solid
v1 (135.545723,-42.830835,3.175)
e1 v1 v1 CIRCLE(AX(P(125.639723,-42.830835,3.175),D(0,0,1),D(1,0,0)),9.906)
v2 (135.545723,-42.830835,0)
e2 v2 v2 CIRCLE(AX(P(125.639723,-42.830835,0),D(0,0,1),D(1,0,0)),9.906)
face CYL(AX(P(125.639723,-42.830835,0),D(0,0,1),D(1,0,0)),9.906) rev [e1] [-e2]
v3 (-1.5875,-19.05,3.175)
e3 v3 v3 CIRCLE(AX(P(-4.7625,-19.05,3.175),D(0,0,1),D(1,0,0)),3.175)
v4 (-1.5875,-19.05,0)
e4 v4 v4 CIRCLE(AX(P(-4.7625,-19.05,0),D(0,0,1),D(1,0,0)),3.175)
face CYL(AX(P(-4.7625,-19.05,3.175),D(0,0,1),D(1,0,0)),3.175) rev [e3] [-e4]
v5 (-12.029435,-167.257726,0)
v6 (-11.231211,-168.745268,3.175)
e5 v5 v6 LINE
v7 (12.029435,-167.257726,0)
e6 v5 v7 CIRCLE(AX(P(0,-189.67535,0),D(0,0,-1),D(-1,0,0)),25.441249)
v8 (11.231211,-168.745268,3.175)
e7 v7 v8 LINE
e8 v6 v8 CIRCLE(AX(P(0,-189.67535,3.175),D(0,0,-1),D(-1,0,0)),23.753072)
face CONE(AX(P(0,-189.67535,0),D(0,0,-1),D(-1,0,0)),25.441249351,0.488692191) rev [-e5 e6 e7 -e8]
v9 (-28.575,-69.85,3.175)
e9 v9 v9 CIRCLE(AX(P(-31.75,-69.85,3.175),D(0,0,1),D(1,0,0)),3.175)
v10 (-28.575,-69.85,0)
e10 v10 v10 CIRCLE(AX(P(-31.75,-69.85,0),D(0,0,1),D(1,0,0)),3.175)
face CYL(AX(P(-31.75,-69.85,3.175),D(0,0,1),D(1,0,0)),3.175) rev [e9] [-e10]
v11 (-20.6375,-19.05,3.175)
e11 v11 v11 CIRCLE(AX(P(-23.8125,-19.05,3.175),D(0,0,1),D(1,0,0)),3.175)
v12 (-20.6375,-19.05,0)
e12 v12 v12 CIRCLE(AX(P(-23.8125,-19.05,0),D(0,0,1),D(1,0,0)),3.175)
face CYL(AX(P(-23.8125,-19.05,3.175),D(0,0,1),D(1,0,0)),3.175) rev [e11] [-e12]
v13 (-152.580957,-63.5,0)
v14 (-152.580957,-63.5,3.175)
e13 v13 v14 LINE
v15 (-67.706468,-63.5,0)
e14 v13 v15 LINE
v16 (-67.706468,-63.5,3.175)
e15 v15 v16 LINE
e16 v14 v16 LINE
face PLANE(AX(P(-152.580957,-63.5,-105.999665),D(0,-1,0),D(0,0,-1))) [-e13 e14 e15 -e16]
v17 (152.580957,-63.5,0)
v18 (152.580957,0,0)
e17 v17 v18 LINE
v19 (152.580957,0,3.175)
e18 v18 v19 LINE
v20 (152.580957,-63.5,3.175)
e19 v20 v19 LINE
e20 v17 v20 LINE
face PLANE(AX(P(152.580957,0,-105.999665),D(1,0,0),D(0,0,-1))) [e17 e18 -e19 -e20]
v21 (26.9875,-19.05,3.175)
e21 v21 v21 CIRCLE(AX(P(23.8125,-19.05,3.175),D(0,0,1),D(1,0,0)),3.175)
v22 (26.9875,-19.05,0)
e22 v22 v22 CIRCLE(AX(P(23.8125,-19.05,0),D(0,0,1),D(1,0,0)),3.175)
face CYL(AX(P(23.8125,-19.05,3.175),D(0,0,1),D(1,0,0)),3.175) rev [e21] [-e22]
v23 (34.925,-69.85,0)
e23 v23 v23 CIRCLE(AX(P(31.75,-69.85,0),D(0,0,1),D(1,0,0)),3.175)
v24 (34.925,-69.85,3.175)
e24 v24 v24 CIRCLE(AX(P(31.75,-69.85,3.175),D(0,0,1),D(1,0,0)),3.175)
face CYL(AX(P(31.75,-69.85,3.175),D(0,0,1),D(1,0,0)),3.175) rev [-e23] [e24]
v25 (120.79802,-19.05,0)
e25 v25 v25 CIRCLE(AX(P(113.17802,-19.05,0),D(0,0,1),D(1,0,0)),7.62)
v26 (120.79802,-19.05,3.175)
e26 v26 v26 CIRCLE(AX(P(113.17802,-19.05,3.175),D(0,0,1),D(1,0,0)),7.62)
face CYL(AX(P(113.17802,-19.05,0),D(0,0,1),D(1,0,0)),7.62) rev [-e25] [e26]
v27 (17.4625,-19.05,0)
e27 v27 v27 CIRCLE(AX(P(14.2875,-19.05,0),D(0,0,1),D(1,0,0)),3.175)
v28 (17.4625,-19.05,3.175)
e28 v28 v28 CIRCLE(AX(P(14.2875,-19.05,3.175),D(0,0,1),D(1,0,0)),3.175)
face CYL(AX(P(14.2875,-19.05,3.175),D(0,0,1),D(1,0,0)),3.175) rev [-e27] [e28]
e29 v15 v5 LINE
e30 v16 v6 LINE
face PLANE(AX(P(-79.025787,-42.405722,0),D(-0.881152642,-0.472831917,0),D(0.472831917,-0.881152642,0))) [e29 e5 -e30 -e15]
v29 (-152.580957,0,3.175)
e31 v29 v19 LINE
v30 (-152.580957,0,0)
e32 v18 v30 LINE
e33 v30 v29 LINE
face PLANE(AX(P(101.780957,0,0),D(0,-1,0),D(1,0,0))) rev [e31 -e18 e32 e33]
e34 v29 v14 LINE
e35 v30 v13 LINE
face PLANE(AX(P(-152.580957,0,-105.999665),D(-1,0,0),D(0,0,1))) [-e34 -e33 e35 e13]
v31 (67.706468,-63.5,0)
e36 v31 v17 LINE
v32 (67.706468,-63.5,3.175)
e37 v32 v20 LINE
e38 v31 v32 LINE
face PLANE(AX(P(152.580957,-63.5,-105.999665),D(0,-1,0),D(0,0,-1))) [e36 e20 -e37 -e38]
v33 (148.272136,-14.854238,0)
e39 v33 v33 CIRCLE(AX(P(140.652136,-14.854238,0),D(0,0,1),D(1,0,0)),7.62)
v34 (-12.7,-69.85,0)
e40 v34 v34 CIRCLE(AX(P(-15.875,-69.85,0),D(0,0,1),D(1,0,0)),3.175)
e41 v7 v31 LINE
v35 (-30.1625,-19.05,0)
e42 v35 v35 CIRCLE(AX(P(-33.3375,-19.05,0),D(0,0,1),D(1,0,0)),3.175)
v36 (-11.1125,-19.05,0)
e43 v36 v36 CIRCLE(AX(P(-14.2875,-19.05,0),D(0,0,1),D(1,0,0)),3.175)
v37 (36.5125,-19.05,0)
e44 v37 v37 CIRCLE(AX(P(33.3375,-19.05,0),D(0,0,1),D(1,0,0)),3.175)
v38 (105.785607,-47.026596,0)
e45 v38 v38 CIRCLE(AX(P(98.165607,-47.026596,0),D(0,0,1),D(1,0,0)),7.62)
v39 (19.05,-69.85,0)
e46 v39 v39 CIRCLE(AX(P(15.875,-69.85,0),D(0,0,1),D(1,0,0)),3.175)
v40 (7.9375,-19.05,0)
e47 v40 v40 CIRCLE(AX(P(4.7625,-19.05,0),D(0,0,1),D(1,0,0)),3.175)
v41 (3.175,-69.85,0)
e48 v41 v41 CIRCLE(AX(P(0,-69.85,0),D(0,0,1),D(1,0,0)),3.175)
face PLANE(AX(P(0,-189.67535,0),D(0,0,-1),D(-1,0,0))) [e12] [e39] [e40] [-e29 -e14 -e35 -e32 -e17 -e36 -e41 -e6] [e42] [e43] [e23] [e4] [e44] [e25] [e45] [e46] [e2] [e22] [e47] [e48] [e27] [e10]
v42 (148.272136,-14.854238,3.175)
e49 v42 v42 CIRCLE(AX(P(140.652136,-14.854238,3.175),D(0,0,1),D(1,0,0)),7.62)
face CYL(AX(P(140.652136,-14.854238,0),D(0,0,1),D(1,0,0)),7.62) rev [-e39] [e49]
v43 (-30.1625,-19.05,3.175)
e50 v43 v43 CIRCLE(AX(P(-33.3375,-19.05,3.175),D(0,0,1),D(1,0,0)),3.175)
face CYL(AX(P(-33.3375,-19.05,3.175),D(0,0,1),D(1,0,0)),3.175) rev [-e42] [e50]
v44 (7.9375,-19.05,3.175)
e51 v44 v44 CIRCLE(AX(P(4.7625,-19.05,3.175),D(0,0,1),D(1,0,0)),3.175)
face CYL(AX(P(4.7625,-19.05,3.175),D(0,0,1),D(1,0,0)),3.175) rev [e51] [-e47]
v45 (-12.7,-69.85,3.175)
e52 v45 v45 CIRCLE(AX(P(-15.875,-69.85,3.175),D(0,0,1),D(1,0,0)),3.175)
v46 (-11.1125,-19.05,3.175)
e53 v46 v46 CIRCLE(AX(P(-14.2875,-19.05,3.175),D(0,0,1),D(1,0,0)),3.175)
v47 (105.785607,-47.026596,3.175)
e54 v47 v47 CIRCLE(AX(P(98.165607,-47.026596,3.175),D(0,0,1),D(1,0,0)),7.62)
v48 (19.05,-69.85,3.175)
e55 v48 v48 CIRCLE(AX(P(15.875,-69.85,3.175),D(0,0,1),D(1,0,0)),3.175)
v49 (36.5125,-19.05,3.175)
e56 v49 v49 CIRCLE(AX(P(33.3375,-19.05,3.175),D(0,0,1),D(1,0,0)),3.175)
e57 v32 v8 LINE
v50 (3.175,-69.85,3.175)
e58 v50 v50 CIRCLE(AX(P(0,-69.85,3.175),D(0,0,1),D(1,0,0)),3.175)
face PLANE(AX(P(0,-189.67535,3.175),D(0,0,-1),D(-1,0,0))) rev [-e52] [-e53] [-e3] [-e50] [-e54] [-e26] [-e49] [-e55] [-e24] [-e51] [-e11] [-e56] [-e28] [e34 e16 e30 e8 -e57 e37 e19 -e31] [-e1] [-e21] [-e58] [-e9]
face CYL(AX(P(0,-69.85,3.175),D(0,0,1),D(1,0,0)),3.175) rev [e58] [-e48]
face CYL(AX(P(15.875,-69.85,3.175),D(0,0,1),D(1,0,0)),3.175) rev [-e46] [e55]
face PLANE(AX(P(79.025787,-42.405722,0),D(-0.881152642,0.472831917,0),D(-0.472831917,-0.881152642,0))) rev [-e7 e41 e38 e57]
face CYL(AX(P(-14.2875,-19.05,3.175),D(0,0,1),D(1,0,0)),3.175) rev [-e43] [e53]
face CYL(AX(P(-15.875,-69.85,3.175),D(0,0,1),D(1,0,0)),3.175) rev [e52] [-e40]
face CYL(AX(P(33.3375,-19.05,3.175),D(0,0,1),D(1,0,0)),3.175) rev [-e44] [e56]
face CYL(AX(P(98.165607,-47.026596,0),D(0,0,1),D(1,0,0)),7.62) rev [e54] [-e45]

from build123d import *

# Parameters (mm, degrees)
BOSS_EXTRUDE1_DEPTH         = 3.175
BOSS_EXTRUDE1_DRAFT         = -28
CUT_EXTRUDE3_DEPTH          = 4.175
BOSS_EXTRUDE2_DEPTH         = 3.175
F_1_4_0_25_DIAMETER_HOLE1_D = 6.35
SKETCH9_R                   = 9.906
SKETCH9_R_2                 = 7.62
CUT_EXTRUDE4_DEPTH          = 4.175
F_1_4_0_25_DIAMETER_HOLE2_D = 6.35


with BuildPart() as part:
    # Sketch1 → Boss-Extrude1 (with draft: the straight prism first)
    with BuildSketch(Plane.XY):
        with BuildLine():
            Line((-101.780957474, 0), (-12.02943471, -167.25772623))
            ThreePointArc((-12.02943471, -167.25772623), (0, -164.234100952), (12.02943471, -167.25772623))
            Line((12.02943471, -167.25772623), (101.780957474, 0))
            Line((101.780957474, 0), (-101.780957474, 0))
        make_face()
    extrude(amount=BOSS_EXTRUDE1_DEPTH)
    # Boss-Extrude1: the draft: its side faces are tilted about the plane it starts from
    boss_extrude1_sides = [part.faces().sort_by_distance(p)[0] for p in [
        (56.905196092, -83.628863115, 1.5875),
        (0, 0, 1.5875),
        (-56.905196092, -83.628863115, 1.5875),
        (0, -164.234100952, 1.5875),
    ]]
    draft(boss_extrude1_sides, Plane.XY, BOSS_EXTRUDE1_DRAFT)

    # Sketch6 → Cut-Extrude3 (cut, through all)
    with BuildSketch(Plane.XY.offset(3.175)):
        Polygon((-103.696831485, 0), (-101.780957474, 0), (101.780957474, 0), (103.696831485, 0), (104.602717866, 1.688177446), (-104.602717866, 1.688177446), align=None)
        with BuildLine():
            Line((-11.231210531, -168.745268245), (-101.780957474, 0))
            Line((-101.780957474, 0), (-103.696831485, 0))
            Line((-103.696831485, 0), (-12.690350956, -169.596420612))
            ThreePointArc((-12.690350956, -169.596420612), (-11.968349556, -169.157869126), (-11.231210531, -168.745268245))
        make_face()
        with BuildLine():
            Line((103.696831485, 0), (101.780957474, 0))
            Line((101.780957474, 0), (11.231210531, -168.745268245))
            ThreePointArc((11.231210531, -168.745268245), (11.968349556, -169.157869126), (12.690350956, -169.596420612))
            Line((12.690350956, -169.596420612), (103.696831485, 0))
        make_face()
    extrude(amount=-CUT_EXTRUDE3_DEPTH, mode=Mode.SUBTRACT)

    # Sketch8 → Boss-Extrude2 (add)
    with BuildSketch(Plane.XY.offset(3.175)):
        Polygon((-101.780957474, 0), (-152.580957474, 0), (-152.580957474, -63.5), (-67.706467619, -63.5), align=None)
        Polygon((152.580957474, -63.5), (67.706467619, -63.5), (101.780957474, 0), (152.580957474, 0), align=None)
    extrude(amount=-BOSS_EXTRUDE2_DEPTH)

    # 1/4 (0.25) Diameter Hole1 (through all)
    with Locations(Plane.XY.offset(3.175)):
        with Locations((-33.3375, -19.05), (-23.8125, -19.05), (-14.2875, -19.05), (-4.7625, -19.05)):
            f_1_4_0_25_diameter_hole1 = Hole(F_1_4_0_25_DIAMETER_HOLE1_D / 2)

    # Mirror1: 1/4 (0.25) Diameter Hole1 across plane
    add(f_1_4_0_25_diameter_hole1.mirror(Plane(origin=(0, 0, 0), x_dir=(0, 0, 1), z_dir=(1, 0, 0))), mode=Mode.SUBTRACT)

    # Sketch9 → Cut-Extrude4 (cut, through all)
    with BuildSketch(Plane.XY.offset(3.175)):
        with Locations((125.639722953, -42.830834866)):
            Circle(SKETCH9_R)
        with Locations((140.652136328, -14.854238493)):
            Circle(SKETCH9_R_2)
        with Locations((113.178020253, -19.05)):
            Circle(SKETCH9_R_2)
        with Locations((98.165606878, -47.026596374)):
            Circle(SKETCH9_R_2)
    extrude(amount=-CUT_EXTRUDE4_DEPTH, mode=Mode.SUBTRACT)

    # 1/4 (0.25) Diameter Hole2 (through all)
    with Locations(Plane.XY.offset(3.175)):
        with Locations((-31.75, -69.85), (-15.875, -69.85), (0, -69.85), (15.875, -69.85), (31.75, -69.85)):
            Hole(F_1_4_0_25_DIAMETER_HOLE2_D / 2)


solid = part.part
